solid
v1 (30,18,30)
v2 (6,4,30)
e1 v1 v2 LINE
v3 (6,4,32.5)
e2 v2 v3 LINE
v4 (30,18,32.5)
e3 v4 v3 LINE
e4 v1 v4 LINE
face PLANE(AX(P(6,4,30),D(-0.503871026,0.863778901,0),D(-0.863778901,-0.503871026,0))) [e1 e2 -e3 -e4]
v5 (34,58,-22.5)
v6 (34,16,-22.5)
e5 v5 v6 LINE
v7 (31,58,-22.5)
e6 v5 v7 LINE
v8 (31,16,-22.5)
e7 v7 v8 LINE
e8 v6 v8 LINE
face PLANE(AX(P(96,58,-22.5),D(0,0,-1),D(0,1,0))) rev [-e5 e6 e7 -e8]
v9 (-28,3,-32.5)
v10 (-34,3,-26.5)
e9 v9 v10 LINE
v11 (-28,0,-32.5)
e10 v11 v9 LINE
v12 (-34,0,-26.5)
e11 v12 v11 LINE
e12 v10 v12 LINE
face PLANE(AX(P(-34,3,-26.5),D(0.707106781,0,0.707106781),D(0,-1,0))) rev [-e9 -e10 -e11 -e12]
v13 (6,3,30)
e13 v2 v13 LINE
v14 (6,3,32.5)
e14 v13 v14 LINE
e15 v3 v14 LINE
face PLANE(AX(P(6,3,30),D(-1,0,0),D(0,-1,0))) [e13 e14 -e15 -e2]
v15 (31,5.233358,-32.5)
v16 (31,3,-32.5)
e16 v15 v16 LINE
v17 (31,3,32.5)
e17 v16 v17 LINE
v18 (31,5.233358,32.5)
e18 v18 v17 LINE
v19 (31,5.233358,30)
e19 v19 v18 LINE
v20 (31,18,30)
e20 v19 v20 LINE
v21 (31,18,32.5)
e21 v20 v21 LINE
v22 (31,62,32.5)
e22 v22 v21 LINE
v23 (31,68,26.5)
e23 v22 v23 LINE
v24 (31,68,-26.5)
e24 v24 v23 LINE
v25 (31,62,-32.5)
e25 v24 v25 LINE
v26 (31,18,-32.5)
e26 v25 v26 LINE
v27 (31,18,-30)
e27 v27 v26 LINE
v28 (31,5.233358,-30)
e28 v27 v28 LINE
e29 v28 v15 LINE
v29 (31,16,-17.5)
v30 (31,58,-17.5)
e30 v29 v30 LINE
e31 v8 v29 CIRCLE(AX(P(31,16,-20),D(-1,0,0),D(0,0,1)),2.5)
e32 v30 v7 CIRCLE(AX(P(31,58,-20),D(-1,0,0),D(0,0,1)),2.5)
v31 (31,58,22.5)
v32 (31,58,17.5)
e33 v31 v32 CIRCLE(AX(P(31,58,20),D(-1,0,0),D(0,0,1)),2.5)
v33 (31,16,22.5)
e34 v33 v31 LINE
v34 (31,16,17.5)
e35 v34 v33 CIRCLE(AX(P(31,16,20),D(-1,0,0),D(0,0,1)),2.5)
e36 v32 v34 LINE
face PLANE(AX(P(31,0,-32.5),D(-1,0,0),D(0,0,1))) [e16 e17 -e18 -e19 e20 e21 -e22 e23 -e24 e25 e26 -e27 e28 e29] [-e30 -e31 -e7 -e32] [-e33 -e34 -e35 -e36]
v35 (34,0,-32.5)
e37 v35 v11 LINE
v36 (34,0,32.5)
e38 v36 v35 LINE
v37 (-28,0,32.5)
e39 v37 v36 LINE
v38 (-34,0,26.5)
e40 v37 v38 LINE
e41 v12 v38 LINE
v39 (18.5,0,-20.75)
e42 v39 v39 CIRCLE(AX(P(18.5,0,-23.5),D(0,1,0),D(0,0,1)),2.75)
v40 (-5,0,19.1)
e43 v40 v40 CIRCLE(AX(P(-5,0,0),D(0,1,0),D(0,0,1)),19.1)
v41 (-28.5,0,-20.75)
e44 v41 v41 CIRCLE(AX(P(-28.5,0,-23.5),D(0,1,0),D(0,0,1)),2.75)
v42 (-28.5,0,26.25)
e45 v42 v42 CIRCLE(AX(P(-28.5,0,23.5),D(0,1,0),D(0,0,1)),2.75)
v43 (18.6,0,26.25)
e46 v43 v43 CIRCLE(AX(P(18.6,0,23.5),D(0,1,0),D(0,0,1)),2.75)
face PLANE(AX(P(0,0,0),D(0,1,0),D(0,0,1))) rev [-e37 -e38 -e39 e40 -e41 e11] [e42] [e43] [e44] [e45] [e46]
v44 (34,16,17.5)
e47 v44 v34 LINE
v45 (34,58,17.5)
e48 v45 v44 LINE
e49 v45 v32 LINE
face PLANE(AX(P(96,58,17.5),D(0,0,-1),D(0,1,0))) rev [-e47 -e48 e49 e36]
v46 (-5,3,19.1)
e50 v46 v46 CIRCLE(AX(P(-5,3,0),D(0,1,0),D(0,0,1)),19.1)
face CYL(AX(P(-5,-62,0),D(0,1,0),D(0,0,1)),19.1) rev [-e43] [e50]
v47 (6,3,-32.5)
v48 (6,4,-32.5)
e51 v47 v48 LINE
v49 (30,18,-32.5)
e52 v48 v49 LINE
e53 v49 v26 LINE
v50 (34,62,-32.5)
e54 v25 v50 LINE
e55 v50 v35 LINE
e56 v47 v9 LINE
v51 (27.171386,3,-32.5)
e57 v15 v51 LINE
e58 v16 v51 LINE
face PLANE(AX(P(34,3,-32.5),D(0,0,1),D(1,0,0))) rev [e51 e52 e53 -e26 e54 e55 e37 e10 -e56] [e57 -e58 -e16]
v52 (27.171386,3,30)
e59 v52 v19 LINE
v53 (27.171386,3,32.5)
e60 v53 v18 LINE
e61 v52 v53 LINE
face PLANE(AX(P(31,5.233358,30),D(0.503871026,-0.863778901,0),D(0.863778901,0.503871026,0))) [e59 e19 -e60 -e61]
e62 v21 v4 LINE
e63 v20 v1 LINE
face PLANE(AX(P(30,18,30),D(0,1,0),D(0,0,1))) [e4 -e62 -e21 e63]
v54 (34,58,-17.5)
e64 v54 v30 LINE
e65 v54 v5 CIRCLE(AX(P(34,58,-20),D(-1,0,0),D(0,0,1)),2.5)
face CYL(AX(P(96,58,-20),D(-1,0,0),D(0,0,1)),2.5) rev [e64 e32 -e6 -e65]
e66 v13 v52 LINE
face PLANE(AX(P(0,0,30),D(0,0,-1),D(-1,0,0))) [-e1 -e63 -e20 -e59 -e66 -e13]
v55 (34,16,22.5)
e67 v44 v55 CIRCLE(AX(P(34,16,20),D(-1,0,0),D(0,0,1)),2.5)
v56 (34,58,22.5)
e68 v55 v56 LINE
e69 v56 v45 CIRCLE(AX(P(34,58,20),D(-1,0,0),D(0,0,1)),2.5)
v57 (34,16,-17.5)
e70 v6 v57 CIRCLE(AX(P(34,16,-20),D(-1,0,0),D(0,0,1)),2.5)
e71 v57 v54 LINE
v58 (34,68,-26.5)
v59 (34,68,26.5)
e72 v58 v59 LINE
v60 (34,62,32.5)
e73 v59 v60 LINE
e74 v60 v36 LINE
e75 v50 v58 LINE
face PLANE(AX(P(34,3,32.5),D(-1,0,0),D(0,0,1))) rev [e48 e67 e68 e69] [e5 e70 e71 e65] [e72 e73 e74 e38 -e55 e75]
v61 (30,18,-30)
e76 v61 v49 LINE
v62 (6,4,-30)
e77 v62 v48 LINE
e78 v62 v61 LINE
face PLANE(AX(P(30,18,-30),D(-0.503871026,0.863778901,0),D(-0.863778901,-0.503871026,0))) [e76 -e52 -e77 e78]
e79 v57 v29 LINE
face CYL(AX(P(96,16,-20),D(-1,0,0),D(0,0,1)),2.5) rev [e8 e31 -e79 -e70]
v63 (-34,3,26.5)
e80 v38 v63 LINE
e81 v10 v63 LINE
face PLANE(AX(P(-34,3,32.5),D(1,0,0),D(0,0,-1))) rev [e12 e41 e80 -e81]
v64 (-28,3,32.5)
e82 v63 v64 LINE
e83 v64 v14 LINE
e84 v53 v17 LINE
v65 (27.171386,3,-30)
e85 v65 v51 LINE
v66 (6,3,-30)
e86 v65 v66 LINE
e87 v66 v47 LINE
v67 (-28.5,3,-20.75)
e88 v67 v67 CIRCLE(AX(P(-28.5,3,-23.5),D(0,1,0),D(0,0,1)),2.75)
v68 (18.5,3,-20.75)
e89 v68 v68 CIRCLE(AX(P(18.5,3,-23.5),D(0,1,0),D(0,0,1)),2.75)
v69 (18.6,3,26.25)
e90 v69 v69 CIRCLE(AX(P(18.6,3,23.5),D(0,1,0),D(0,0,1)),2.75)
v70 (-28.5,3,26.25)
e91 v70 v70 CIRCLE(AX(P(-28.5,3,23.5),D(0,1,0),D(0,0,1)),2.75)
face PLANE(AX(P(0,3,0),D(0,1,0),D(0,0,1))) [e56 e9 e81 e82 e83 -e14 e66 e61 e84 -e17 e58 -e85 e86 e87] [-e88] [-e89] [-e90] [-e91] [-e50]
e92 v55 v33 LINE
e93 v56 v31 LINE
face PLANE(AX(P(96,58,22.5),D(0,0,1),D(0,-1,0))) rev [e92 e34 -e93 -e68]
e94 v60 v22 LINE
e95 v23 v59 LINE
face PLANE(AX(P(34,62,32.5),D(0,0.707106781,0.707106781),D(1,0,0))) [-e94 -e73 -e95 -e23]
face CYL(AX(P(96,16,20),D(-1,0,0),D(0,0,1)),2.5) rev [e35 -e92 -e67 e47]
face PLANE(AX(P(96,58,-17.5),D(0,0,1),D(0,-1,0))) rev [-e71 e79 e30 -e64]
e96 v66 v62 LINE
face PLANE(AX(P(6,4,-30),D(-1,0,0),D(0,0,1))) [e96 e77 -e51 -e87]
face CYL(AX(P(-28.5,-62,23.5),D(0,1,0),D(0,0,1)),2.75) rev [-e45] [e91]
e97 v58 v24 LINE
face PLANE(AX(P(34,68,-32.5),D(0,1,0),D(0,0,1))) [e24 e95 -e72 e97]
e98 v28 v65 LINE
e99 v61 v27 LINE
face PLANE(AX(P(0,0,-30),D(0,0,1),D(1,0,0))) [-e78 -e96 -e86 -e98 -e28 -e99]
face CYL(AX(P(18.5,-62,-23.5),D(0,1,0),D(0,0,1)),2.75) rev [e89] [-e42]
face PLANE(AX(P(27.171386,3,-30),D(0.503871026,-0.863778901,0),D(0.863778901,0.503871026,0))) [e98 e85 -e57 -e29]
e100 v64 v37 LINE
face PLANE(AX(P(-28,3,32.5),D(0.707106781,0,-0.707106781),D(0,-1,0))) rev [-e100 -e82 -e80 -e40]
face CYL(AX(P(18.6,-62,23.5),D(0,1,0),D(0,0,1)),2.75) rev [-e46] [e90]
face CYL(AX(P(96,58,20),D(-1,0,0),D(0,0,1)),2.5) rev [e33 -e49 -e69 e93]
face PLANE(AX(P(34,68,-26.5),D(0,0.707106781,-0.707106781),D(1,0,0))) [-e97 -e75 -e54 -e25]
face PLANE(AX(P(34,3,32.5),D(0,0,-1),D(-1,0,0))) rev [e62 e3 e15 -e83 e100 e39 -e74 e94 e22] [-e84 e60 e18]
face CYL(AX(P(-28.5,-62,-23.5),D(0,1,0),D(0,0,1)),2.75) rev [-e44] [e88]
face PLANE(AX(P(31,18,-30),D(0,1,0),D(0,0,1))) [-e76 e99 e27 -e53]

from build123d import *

# Parameters (mm, degrees)
SKETCH1_W           = 68
SKETCH1_H           = 65
BOSS_EXTRUDE1_DEPTH = 3
SKETCH2_W           = 3
SKETCH2_H           = 68
BOSS_EXTRUDE2_DEPTH = 65
CHAMFER1_SIZE       = 6
SKETCH4_R           = 2.75
SKETCH4_R_2         = 19.1
CUT_EXTRUDE2_DEPTH  = 65
CUT_EXTRUDE3_DEPTH  = 65
BOSS_EXTRUDE3_DEPTH = 2.5
BOSS_EXTRUDE4_DEPTH = 2.5


with BuildPart() as part:
    # Sketch1 → Boss-Extrude1 (new body)
    with BuildSketch(Plane(origin=(0, 0, 0), x_dir=(1, 0, 0), z_dir=(0, 1, 0))):
        Rectangle(SKETCH1_W, SKETCH1_H)
    extrude(amount=BOSS_EXTRUDE1_DEPTH)

    # Sketch2 → Boss-Extrude2 (add)
    with BuildSketch(Plane.XY.offset(32.5)):
        with Locations((32.5, 34)):
            Rectangle(SKETCH2_W, SKETCH2_H)
    extrude(amount=-BOSS_EXTRUDE2_DEPTH)

    # Chamfer1
    chamfer1_edges = [part.edges().sort_by_distance(p)[0] for p in [
        (32.5, 68, -32.5),
        (32.5, 68, 32.5),
        (-34, 1.5, -32.5),
        (-34, 1.5, 32.5),
    ]]
    chamfer(chamfer1_edges, length=CHAMFER1_SIZE)

    # Sketch4 → Cut-Extrude2 (cut)
    with BuildSketch(Plane(origin=(0, 3, 0), x_dir=(1, 0, 0), z_dir=(0, 1, 0))):
        with Locations(Location((-28.5, 23.5, 0), (0, 0, 270))):
            Circle(SKETCH4_R)
        with Locations(Location((-28.5, -23.5, 0), (0, 0, 270))):
            Circle(SKETCH4_R)
        with Locations(Location((18.6, -23.5, 0), (0, 0, 270))):
            Circle(SKETCH4_R)
        with Locations(Location((18.5, 23.5, 0), (0, 0, 270))):
            Circle(SKETCH4_R)
        with Locations(Location((-5, 0, 0), (0, 0, 270))):
            Circle(SKETCH4_R_2)
    extrude(amount=-CUT_EXTRUDE2_DEPTH, mode=Mode.SUBTRACT)

    # Sketch5 → Cut-Extrude3 (cut)
    with BuildSketch(Plane.ZY.offset(-31)):
        with BuildLine():
            Line((-17.5, 58), (-17.5, 16))
            ThreePointArc((-17.5, 16), (-20, 13.5), (-22.5, 16))
            Line((-22.5, 16), (-22.5, 58))
            ThreePointArc((-22.5, 58), (-20, 60.5), (-17.5, 58))
        make_face()
        with BuildLine():
            Line((22.5, 58), (22.5, 16))
            ThreePointArc((22.5, 16), (20, 13.5), (17.5, 16))
            Line((17.5, 16), (17.5, 58))
            ThreePointArc((17.5, 58), (20, 60.5), (22.5, 58))
        make_face()
    extrude(amount=-CUT_EXTRUDE3_DEPTH, mode=Mode.SUBTRACT)

    # Sketch6 → Boss-Extrude3 (add)
    with BuildSketch(Plane.XY.offset(32.5)):
        Polygon((6, 3), (6, 4), (30, 18), (31, 18), (31, 5.233358358), (27.171385671, 3), align=None)
    extrude(amount=-BOSS_EXTRUDE3_DEPTH)

    # Sketch7 → Boss-Extrude4 (add)
    with BuildSketch(Plane(origin=(0, 0, -32.5), x_dir=(-1, 0, 0), z_dir=(0, 0, -1))):
        Polygon((-31, 18), (-30, 18), (-6, 4), (-6, 3), (-27.171385671, 3), (-31, 5.233358358), align=None)
    extrude(amount=-BOSS_EXTRUDE4_DEPTH)


solid = part.part
